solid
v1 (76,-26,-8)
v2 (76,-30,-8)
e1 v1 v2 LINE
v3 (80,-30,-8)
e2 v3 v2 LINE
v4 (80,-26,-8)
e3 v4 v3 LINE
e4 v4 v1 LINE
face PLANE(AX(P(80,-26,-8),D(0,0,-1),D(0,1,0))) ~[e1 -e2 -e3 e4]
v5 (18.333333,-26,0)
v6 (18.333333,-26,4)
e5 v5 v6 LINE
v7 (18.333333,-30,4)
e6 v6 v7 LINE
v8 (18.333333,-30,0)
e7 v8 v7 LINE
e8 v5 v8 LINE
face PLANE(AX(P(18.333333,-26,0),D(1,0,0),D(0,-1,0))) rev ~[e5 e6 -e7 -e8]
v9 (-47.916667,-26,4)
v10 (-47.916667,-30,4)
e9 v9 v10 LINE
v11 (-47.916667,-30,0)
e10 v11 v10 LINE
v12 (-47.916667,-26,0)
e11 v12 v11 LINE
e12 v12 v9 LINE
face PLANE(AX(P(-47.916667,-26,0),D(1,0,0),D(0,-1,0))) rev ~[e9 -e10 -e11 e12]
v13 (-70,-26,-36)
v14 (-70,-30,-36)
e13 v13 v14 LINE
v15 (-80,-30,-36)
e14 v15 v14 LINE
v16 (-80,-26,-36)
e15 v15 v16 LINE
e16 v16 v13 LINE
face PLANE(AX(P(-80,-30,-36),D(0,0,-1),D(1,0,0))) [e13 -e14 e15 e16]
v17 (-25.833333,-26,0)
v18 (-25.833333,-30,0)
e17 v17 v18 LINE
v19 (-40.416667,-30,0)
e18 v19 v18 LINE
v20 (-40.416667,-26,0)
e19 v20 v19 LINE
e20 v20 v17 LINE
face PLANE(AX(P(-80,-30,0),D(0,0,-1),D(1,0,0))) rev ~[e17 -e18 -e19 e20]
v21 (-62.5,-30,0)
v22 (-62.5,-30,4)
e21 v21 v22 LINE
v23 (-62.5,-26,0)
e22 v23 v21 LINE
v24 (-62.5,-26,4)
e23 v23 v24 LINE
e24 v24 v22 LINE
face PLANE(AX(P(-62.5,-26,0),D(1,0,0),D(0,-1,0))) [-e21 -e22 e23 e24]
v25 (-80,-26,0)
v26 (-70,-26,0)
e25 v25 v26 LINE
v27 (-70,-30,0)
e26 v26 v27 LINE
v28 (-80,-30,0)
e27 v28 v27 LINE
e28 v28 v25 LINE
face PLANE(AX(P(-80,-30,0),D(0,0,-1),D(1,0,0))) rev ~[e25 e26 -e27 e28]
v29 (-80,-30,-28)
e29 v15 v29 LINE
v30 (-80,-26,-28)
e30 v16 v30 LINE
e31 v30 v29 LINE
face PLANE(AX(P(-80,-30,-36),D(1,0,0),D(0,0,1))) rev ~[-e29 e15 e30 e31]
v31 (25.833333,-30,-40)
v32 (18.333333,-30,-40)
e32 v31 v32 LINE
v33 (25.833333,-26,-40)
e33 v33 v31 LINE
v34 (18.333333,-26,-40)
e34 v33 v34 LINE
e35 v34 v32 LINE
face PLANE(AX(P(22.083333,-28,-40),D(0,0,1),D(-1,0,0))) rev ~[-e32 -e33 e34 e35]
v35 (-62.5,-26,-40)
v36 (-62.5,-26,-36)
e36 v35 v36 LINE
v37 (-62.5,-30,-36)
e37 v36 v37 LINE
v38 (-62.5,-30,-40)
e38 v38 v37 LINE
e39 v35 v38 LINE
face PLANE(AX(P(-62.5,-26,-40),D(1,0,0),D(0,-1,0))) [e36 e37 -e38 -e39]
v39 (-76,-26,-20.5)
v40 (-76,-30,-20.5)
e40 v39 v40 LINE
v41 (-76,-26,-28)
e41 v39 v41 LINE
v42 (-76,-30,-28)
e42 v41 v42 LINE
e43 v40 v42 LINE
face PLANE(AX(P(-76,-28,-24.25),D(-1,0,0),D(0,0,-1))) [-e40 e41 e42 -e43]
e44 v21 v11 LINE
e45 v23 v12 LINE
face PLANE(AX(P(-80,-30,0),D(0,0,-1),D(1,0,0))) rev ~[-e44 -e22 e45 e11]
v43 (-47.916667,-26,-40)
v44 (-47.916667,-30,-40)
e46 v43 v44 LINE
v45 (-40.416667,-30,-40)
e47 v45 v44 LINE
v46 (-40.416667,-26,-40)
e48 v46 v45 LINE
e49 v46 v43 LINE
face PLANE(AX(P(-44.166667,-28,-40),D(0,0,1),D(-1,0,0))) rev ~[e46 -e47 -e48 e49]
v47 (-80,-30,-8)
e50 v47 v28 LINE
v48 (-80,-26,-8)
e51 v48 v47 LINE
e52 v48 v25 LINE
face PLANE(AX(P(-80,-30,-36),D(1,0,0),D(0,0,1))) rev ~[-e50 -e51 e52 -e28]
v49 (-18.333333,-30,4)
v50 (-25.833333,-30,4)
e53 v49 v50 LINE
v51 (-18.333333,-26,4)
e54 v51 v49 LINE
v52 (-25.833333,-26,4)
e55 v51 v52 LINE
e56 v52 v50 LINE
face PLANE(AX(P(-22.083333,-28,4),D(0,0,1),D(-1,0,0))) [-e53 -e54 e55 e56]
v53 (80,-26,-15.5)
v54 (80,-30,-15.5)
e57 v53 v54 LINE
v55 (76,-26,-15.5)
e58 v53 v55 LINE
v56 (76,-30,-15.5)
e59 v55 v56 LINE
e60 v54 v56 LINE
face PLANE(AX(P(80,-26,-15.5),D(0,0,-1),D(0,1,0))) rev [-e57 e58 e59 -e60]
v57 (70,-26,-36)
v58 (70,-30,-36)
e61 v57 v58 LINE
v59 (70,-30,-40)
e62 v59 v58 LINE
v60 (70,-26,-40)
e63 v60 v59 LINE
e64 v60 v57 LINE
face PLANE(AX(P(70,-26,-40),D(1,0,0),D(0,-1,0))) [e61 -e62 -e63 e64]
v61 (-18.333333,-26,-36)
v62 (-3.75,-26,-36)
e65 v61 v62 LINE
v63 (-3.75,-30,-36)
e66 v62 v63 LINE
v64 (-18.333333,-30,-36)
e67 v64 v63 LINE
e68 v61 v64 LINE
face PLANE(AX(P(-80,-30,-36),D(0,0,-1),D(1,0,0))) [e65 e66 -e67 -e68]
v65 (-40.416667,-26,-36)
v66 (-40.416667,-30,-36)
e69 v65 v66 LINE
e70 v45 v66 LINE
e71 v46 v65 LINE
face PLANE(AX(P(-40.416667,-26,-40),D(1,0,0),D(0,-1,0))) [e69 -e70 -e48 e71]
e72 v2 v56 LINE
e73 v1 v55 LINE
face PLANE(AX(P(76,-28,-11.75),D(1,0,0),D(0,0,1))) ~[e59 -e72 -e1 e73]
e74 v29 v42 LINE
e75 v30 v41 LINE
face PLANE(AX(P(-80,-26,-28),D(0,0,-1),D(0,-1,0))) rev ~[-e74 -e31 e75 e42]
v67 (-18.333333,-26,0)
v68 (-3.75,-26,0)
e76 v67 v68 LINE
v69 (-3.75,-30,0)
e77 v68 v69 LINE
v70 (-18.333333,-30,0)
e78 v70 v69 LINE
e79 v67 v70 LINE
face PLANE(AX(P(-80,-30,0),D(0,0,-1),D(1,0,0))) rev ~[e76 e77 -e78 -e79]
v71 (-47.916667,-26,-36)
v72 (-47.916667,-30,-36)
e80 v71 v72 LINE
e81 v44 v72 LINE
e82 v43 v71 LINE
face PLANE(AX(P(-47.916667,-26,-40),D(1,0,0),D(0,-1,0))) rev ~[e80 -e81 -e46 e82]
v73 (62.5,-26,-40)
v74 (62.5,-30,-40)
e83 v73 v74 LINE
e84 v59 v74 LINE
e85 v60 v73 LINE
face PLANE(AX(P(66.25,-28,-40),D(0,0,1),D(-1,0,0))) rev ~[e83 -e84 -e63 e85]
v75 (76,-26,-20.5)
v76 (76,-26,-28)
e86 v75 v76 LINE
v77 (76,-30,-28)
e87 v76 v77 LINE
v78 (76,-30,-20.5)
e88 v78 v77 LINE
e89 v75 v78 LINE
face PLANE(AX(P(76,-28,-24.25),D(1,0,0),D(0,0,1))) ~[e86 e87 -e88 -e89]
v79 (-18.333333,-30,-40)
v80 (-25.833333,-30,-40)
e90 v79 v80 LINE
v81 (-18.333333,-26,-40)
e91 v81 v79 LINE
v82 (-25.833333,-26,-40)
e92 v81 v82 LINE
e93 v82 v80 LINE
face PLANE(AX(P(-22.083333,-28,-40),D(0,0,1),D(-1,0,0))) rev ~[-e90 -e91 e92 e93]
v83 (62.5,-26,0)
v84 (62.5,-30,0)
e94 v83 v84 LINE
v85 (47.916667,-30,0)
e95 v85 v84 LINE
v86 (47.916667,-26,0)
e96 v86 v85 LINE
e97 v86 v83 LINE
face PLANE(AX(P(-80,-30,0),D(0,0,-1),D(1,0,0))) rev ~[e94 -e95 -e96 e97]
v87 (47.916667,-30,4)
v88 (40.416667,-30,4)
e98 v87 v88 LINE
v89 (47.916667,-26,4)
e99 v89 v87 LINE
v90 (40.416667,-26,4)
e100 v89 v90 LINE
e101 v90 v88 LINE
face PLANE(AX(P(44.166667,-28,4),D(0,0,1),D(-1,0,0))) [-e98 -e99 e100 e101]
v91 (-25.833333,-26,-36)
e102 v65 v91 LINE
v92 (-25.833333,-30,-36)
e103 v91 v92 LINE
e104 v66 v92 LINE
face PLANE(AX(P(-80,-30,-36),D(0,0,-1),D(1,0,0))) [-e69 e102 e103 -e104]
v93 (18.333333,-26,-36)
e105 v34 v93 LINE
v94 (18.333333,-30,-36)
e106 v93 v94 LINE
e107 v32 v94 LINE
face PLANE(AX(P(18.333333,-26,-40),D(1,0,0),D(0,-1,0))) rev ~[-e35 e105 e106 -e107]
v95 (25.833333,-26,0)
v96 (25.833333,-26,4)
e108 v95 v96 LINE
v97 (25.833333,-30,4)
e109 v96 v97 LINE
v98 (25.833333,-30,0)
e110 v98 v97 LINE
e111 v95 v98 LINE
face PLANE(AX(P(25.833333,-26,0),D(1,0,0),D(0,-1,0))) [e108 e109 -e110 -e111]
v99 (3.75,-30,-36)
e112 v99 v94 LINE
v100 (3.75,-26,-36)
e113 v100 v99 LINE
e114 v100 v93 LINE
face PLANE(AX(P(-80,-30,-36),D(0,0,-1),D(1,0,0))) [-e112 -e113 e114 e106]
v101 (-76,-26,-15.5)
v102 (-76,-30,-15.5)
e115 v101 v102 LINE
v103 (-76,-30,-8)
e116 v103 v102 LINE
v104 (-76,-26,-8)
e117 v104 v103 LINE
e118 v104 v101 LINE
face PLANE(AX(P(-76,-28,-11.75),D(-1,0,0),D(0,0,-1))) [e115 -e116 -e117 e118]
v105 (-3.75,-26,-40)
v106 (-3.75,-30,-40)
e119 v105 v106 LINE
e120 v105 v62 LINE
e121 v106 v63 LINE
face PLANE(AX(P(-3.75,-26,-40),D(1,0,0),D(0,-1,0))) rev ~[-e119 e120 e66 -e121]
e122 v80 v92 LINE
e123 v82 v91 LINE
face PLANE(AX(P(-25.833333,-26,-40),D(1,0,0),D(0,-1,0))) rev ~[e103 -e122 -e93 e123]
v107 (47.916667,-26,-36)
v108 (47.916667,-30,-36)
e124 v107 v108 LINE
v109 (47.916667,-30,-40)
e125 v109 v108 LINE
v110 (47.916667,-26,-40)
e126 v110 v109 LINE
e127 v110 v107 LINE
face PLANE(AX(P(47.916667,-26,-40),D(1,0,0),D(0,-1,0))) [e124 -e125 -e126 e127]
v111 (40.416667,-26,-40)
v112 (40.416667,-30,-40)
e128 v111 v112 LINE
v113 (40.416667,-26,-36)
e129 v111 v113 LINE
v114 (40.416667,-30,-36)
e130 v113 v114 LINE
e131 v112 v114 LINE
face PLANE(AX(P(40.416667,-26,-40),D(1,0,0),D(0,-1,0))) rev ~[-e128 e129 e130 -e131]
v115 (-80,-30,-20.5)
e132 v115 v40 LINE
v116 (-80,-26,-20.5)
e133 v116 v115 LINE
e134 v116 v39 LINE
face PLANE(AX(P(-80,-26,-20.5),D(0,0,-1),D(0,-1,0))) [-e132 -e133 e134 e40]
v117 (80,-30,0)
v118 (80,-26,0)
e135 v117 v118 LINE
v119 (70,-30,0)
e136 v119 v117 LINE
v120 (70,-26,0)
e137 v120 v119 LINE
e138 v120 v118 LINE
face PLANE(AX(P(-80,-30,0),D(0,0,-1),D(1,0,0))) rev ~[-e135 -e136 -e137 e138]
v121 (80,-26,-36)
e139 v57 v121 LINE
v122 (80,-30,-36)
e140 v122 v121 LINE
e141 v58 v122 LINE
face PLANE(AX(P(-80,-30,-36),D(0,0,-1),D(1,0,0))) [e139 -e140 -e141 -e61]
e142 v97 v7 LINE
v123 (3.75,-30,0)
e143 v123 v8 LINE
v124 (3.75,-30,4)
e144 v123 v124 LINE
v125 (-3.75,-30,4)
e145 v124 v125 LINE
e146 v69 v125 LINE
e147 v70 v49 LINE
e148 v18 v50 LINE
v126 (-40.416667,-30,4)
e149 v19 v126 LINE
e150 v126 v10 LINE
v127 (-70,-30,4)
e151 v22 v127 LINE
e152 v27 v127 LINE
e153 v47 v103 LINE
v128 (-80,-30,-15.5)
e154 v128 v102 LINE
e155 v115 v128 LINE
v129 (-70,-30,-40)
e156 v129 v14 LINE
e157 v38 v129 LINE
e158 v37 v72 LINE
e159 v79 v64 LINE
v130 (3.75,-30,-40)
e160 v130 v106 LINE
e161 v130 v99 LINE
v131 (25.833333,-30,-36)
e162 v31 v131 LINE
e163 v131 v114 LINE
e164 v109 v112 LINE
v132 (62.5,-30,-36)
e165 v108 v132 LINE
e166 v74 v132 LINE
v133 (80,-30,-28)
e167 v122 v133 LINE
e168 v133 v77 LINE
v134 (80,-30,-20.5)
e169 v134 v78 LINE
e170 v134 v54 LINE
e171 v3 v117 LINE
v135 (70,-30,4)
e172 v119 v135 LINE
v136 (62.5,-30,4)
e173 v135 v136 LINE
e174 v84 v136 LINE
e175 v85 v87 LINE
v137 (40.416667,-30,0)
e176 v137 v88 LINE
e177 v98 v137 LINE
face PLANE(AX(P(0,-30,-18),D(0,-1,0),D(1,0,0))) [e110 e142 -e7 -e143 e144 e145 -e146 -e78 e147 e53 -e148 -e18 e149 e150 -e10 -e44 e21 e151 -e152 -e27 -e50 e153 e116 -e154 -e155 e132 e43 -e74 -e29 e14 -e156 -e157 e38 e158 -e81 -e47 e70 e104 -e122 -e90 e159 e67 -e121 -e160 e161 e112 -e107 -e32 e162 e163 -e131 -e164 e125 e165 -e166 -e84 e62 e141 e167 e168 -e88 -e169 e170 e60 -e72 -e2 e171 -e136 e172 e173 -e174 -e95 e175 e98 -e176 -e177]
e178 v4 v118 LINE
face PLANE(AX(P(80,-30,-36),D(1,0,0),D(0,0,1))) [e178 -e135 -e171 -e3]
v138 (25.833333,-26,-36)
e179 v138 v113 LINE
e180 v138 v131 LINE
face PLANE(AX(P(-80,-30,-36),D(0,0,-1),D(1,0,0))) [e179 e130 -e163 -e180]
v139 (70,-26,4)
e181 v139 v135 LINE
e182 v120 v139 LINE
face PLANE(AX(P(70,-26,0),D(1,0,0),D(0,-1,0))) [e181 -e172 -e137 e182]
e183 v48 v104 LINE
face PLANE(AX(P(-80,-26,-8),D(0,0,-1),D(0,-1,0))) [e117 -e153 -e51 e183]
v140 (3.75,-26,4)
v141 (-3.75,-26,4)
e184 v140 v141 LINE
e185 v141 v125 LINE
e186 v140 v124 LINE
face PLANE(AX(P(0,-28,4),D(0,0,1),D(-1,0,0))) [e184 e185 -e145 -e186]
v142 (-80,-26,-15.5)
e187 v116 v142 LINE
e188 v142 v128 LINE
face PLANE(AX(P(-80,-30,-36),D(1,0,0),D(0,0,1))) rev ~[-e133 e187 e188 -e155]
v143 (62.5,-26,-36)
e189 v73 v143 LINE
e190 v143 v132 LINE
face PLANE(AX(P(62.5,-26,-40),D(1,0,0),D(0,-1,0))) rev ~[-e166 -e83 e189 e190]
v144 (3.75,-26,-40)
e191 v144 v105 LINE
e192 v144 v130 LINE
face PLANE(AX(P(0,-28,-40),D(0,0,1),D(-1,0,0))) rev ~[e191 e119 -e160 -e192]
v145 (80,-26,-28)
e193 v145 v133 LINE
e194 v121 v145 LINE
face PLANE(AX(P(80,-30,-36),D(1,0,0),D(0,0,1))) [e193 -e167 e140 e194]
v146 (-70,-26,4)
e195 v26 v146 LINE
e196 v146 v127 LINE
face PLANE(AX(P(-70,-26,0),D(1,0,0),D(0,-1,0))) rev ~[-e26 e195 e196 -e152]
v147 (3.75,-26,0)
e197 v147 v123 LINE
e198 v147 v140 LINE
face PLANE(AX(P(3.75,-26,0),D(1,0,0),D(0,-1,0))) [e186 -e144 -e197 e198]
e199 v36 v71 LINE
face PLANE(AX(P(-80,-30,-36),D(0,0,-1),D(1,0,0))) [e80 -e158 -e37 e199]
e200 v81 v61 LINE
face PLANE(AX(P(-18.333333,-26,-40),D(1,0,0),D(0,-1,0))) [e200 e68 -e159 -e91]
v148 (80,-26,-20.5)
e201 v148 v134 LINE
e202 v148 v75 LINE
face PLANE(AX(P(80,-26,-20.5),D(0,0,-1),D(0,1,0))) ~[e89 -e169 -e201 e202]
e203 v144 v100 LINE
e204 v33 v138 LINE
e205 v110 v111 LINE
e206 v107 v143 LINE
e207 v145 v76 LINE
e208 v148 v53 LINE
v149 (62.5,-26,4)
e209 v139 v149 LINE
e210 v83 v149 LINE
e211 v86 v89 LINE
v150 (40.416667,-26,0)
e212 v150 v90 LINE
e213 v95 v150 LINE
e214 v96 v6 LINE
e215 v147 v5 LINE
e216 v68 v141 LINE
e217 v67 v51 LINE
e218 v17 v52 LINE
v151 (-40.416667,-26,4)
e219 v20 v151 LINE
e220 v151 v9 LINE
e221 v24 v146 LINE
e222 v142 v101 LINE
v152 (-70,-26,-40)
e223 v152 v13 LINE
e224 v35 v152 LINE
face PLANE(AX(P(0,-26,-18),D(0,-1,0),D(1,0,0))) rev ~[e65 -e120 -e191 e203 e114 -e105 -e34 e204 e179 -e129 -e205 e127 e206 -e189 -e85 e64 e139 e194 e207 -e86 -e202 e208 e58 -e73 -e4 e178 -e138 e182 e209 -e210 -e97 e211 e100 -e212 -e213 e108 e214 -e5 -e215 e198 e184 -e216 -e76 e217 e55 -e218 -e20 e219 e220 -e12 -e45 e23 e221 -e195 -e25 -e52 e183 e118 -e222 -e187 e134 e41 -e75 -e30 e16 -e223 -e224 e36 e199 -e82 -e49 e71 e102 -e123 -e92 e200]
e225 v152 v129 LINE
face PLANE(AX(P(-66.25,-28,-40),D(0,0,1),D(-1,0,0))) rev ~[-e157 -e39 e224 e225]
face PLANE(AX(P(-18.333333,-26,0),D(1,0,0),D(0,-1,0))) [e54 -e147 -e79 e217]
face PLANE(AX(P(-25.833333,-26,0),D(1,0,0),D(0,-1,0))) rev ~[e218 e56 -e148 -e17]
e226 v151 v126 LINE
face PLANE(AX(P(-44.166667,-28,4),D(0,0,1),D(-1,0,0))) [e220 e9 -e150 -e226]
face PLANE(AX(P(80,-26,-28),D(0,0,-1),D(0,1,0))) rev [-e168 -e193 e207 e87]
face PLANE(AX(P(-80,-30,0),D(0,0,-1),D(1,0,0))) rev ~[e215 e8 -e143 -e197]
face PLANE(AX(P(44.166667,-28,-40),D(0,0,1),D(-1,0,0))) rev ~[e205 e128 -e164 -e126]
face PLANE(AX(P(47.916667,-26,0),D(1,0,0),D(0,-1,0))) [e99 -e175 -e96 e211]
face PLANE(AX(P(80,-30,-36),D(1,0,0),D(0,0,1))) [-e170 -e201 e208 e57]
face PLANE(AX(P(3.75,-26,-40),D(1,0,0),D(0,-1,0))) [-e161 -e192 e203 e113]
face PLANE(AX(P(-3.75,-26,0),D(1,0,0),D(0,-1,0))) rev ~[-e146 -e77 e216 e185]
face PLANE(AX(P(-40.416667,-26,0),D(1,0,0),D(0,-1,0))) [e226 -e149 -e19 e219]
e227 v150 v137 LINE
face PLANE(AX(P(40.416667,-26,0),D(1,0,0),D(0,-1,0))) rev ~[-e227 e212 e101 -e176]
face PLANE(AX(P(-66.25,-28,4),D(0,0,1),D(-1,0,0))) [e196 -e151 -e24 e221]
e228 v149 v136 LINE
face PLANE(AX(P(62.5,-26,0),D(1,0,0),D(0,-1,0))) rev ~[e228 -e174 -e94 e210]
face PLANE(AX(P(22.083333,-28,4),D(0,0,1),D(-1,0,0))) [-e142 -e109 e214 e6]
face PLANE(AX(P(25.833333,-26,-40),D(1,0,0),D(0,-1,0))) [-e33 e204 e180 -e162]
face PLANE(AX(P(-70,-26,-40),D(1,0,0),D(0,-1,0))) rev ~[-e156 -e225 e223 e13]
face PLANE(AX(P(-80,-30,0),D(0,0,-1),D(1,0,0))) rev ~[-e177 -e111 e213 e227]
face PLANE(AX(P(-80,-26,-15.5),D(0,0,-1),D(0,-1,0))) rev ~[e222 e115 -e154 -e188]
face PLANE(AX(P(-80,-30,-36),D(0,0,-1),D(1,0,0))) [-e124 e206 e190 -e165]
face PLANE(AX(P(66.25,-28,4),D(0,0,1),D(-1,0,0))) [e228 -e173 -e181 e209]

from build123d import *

# Parameters (mm, degrees)
SKETCH002_W                        = 160
SKETCH002_H                        = 36
PAD001_DEPTH                       = 4
SKETCH003_W                        = 7.5
SKETCH003_H                        = 4
PAD002_DEPTH                       = 4
SKETCH009_W                        = 7.5
SKETCH009_H                        = 4
POCKET002_DEPTH                    = 4
SKETCH009_LINEARPATTERN005_2_W     = 7.5
SKETCH009_LINEARPATTERN005_2_H     = 4
POCKET002_LINEARPATTERN005_2_DEPTH = 4
SKETCH003_LINEARPATTERN009_2_W     = 7.5
SKETCH003_LINEARPATTERN009_2_H     = 4
PAD002_LINEARPATTERN009_2_DEPTH    = 4
SKETCH003_LINEARPATTERN009_3_W     = 7.5
SKETCH003_LINEARPATTERN009_3_H     = 4
PAD002_LINEARPATTERN009_3_DEPTH    = 4
SKETCH003_LINEARPATTERN009_4_W     = 7.5
SKETCH003_LINEARPATTERN009_4_H     = 4
PAD002_LINEARPATTERN009_4_DEPTH    = 4
SKETCH003_LINEARPATTERN009_5_W     = 7.5
SKETCH003_LINEARPATTERN009_5_H     = 4
PAD002_LINEARPATTERN009_5_DEPTH    = 4
SKETCH003_LINEARPATTERN009_6_W     = 7.5
SKETCH003_LINEARPATTERN009_6_H     = 4
PAD002_LINEARPATTERN009_6_DEPTH    = 4
SKETCH003_LINEARPATTERN009_7_W     = 7.5
SKETCH003_LINEARPATTERN009_7_H     = 4
PAD002_LINEARPATTERN009_7_DEPTH    = 4
LINEARPATTERN010_COUNT             = 2
LINEARPATTERN010_PITCH             = 40


with BuildPart() as part:
    # Sketch002 → Pad001 (new body)
    with BuildSketch(Plane.XZ):
        with Locations((0, -18)):
            Rectangle(SKETCH002_W, SKETCH002_H)
    extrude(amount=-PAD001_DEPTH)

    # Sketch003 (on Face1 of Pad001) → Pad002 (join)
    with BuildSketch(Plane(origin=(0, 0, 0), x_dir=(-1, 0, 0), z_dir=(0, 0, 1))):
        with Locations((66.25, -2)):
            Rectangle(SKETCH003_W, SKETCH003_H)
    pad002 = extrude(amount=PAD002_DEPTH)

    # Sketch009 → Pocket002 (cut)
    with BuildSketch(Plane(origin=(-80, 0, 0), x_dir=(0, 0, -1), z_dir=(-1, 0, 0))):
        with Locations((11.75, -2)):
            Rectangle(SKETCH009_W, SKETCH009_H)
    pocket002 = extrude(amount=-POCKET002_DEPTH, mode=Mode.SUBTRACT)

    # Sketch009 LinearPattern005 2 → Pocket002 LinearPattern005 2 (cut)
    with BuildSketch(Plane(origin=(-80, 0, -12.5), x_dir=(0, 0, -1), z_dir=(-1, 0, 0))):
        with Locations((11.75, -2)):
            Rectangle(SKETCH009_LINEARPATTERN005_2_W, SKETCH009_LINEARPATTERN005_2_H)
    pocket002_linearpattern005_2 = extrude(amount=-POCKET002_LINEARPATTERN005_2_DEPTH, mode=Mode.SUBTRACT)

    # Mirrored: Pocket002, Pocket002 LinearPattern005 2 across YZ
    add(pocket002.mirror(Plane.YZ), mode=Mode.SUBTRACT)
    add(pocket002_linearpattern005_2.mirror(Plane.YZ), mode=Mode.SUBTRACT)

    # Sketch003 LinearPattern009 2 → Pad002 LinearPattern009 2 (add)
    with BuildSketch(Plane(origin=(22.083333, 0, 0), x_dir=(-1, 0, 0), z_dir=(0, 0, 1))):
        with Locations((66.25, -2)):
            Rectangle(SKETCH003_LINEARPATTERN009_2_W, SKETCH003_LINEARPATTERN009_2_H)
    pad002_linearpattern009_2 = extrude(amount=PAD002_LINEARPATTERN009_2_DEPTH)

    # Sketch003 LinearPattern009 3 → Pad002 LinearPattern009 3 (add)
    with BuildSketch(Plane(origin=(44.166667, 0, 0), x_dir=(-1, 0, 0), z_dir=(0, 0, 1))):
        with Locations((66.25, -2)):
            Rectangle(SKETCH003_LINEARPATTERN009_3_W, SKETCH003_LINEARPATTERN009_3_H)
    pad002_linearpattern009_3 = extrude(amount=PAD002_LINEARPATTERN009_3_DEPTH)

    # Sketch003 LinearPattern009 4 → Pad002 LinearPattern009 4 (add)
    with BuildSketch(Plane(origin=(66.25, 0, 0), x_dir=(-1, 0, 0), z_dir=(0, 0, 1))):
        with Locations((66.25, -2)):
            Rectangle(SKETCH003_LINEARPATTERN009_4_W, SKETCH003_LINEARPATTERN009_4_H)
    pad002_linearpattern009_4 = extrude(amount=PAD002_LINEARPATTERN009_4_DEPTH)

    # Sketch003 LinearPattern009 5 → Pad002 LinearPattern009 5 (add)
    with BuildSketch(Plane(origin=(88.333333, 0, 0), x_dir=(-1, 0, 0), z_dir=(0, 0, 1))):
        with Locations((66.25, -2)):
            Rectangle(SKETCH003_LINEARPATTERN009_5_W, SKETCH003_LINEARPATTERN009_5_H)
    pad002_linearpattern009_5 = extrude(amount=PAD002_LINEARPATTERN009_5_DEPTH)

    # Sketch003 LinearPattern009 6 → Pad002 LinearPattern009 6 (add)
    with BuildSketch(Plane(origin=(110.416667, 0, 0), x_dir=(-1, 0, 0), z_dir=(0, 0, 1))):
        with Locations((66.25, -2)):
            Rectangle(SKETCH003_LINEARPATTERN009_6_W, SKETCH003_LINEARPATTERN009_6_H)
    pad002_linearpattern009_6 = extrude(amount=PAD002_LINEARPATTERN009_6_DEPTH)

    # Sketch003 LinearPattern009 7 → Pad002 LinearPattern009 7 (add)
    with BuildSketch(Plane(origin=(132.5, 0, 0), x_dir=(-1, 0, 0), z_dir=(0, 0, 1))):
        with Locations((66.25, -2)):
            Rectangle(SKETCH003_LINEARPATTERN009_7_W, SKETCH003_LINEARPATTERN009_7_H)
    pad002_linearpattern009_7 = extrude(amount=PAD002_LINEARPATTERN009_7_DEPTH)

    # LinearPattern010: Pad002, Pad002 LinearPattern009 2, Pad002 LinearPattern009 3, Pad002 LinearPattern009 4, Pad002 LinearPattern009 5, Pad002 LinearPattern009 6, Pad002 LinearPattern009 7 ×2
    with Locations(*[(0, 0, -i * LINEARPATTERN010_PITCH) for i in range(1, LINEARPATTERN010_COUNT)]):
        add(pad002)
        add(pad002_linearpattern009_2)
        add(pad002_linearpattern009_3)
        add(pad002_linearpattern009_4)
        add(pad002_linearpattern009_5)
        add(pad002_linearpattern009_6)
        add(pad002_linearpattern009_7)


with BuildPart() as part_1:
    # Body001 placement: moved
    add(part.part.moved(Location((0, -30, 0))))


solid = part_1.part
